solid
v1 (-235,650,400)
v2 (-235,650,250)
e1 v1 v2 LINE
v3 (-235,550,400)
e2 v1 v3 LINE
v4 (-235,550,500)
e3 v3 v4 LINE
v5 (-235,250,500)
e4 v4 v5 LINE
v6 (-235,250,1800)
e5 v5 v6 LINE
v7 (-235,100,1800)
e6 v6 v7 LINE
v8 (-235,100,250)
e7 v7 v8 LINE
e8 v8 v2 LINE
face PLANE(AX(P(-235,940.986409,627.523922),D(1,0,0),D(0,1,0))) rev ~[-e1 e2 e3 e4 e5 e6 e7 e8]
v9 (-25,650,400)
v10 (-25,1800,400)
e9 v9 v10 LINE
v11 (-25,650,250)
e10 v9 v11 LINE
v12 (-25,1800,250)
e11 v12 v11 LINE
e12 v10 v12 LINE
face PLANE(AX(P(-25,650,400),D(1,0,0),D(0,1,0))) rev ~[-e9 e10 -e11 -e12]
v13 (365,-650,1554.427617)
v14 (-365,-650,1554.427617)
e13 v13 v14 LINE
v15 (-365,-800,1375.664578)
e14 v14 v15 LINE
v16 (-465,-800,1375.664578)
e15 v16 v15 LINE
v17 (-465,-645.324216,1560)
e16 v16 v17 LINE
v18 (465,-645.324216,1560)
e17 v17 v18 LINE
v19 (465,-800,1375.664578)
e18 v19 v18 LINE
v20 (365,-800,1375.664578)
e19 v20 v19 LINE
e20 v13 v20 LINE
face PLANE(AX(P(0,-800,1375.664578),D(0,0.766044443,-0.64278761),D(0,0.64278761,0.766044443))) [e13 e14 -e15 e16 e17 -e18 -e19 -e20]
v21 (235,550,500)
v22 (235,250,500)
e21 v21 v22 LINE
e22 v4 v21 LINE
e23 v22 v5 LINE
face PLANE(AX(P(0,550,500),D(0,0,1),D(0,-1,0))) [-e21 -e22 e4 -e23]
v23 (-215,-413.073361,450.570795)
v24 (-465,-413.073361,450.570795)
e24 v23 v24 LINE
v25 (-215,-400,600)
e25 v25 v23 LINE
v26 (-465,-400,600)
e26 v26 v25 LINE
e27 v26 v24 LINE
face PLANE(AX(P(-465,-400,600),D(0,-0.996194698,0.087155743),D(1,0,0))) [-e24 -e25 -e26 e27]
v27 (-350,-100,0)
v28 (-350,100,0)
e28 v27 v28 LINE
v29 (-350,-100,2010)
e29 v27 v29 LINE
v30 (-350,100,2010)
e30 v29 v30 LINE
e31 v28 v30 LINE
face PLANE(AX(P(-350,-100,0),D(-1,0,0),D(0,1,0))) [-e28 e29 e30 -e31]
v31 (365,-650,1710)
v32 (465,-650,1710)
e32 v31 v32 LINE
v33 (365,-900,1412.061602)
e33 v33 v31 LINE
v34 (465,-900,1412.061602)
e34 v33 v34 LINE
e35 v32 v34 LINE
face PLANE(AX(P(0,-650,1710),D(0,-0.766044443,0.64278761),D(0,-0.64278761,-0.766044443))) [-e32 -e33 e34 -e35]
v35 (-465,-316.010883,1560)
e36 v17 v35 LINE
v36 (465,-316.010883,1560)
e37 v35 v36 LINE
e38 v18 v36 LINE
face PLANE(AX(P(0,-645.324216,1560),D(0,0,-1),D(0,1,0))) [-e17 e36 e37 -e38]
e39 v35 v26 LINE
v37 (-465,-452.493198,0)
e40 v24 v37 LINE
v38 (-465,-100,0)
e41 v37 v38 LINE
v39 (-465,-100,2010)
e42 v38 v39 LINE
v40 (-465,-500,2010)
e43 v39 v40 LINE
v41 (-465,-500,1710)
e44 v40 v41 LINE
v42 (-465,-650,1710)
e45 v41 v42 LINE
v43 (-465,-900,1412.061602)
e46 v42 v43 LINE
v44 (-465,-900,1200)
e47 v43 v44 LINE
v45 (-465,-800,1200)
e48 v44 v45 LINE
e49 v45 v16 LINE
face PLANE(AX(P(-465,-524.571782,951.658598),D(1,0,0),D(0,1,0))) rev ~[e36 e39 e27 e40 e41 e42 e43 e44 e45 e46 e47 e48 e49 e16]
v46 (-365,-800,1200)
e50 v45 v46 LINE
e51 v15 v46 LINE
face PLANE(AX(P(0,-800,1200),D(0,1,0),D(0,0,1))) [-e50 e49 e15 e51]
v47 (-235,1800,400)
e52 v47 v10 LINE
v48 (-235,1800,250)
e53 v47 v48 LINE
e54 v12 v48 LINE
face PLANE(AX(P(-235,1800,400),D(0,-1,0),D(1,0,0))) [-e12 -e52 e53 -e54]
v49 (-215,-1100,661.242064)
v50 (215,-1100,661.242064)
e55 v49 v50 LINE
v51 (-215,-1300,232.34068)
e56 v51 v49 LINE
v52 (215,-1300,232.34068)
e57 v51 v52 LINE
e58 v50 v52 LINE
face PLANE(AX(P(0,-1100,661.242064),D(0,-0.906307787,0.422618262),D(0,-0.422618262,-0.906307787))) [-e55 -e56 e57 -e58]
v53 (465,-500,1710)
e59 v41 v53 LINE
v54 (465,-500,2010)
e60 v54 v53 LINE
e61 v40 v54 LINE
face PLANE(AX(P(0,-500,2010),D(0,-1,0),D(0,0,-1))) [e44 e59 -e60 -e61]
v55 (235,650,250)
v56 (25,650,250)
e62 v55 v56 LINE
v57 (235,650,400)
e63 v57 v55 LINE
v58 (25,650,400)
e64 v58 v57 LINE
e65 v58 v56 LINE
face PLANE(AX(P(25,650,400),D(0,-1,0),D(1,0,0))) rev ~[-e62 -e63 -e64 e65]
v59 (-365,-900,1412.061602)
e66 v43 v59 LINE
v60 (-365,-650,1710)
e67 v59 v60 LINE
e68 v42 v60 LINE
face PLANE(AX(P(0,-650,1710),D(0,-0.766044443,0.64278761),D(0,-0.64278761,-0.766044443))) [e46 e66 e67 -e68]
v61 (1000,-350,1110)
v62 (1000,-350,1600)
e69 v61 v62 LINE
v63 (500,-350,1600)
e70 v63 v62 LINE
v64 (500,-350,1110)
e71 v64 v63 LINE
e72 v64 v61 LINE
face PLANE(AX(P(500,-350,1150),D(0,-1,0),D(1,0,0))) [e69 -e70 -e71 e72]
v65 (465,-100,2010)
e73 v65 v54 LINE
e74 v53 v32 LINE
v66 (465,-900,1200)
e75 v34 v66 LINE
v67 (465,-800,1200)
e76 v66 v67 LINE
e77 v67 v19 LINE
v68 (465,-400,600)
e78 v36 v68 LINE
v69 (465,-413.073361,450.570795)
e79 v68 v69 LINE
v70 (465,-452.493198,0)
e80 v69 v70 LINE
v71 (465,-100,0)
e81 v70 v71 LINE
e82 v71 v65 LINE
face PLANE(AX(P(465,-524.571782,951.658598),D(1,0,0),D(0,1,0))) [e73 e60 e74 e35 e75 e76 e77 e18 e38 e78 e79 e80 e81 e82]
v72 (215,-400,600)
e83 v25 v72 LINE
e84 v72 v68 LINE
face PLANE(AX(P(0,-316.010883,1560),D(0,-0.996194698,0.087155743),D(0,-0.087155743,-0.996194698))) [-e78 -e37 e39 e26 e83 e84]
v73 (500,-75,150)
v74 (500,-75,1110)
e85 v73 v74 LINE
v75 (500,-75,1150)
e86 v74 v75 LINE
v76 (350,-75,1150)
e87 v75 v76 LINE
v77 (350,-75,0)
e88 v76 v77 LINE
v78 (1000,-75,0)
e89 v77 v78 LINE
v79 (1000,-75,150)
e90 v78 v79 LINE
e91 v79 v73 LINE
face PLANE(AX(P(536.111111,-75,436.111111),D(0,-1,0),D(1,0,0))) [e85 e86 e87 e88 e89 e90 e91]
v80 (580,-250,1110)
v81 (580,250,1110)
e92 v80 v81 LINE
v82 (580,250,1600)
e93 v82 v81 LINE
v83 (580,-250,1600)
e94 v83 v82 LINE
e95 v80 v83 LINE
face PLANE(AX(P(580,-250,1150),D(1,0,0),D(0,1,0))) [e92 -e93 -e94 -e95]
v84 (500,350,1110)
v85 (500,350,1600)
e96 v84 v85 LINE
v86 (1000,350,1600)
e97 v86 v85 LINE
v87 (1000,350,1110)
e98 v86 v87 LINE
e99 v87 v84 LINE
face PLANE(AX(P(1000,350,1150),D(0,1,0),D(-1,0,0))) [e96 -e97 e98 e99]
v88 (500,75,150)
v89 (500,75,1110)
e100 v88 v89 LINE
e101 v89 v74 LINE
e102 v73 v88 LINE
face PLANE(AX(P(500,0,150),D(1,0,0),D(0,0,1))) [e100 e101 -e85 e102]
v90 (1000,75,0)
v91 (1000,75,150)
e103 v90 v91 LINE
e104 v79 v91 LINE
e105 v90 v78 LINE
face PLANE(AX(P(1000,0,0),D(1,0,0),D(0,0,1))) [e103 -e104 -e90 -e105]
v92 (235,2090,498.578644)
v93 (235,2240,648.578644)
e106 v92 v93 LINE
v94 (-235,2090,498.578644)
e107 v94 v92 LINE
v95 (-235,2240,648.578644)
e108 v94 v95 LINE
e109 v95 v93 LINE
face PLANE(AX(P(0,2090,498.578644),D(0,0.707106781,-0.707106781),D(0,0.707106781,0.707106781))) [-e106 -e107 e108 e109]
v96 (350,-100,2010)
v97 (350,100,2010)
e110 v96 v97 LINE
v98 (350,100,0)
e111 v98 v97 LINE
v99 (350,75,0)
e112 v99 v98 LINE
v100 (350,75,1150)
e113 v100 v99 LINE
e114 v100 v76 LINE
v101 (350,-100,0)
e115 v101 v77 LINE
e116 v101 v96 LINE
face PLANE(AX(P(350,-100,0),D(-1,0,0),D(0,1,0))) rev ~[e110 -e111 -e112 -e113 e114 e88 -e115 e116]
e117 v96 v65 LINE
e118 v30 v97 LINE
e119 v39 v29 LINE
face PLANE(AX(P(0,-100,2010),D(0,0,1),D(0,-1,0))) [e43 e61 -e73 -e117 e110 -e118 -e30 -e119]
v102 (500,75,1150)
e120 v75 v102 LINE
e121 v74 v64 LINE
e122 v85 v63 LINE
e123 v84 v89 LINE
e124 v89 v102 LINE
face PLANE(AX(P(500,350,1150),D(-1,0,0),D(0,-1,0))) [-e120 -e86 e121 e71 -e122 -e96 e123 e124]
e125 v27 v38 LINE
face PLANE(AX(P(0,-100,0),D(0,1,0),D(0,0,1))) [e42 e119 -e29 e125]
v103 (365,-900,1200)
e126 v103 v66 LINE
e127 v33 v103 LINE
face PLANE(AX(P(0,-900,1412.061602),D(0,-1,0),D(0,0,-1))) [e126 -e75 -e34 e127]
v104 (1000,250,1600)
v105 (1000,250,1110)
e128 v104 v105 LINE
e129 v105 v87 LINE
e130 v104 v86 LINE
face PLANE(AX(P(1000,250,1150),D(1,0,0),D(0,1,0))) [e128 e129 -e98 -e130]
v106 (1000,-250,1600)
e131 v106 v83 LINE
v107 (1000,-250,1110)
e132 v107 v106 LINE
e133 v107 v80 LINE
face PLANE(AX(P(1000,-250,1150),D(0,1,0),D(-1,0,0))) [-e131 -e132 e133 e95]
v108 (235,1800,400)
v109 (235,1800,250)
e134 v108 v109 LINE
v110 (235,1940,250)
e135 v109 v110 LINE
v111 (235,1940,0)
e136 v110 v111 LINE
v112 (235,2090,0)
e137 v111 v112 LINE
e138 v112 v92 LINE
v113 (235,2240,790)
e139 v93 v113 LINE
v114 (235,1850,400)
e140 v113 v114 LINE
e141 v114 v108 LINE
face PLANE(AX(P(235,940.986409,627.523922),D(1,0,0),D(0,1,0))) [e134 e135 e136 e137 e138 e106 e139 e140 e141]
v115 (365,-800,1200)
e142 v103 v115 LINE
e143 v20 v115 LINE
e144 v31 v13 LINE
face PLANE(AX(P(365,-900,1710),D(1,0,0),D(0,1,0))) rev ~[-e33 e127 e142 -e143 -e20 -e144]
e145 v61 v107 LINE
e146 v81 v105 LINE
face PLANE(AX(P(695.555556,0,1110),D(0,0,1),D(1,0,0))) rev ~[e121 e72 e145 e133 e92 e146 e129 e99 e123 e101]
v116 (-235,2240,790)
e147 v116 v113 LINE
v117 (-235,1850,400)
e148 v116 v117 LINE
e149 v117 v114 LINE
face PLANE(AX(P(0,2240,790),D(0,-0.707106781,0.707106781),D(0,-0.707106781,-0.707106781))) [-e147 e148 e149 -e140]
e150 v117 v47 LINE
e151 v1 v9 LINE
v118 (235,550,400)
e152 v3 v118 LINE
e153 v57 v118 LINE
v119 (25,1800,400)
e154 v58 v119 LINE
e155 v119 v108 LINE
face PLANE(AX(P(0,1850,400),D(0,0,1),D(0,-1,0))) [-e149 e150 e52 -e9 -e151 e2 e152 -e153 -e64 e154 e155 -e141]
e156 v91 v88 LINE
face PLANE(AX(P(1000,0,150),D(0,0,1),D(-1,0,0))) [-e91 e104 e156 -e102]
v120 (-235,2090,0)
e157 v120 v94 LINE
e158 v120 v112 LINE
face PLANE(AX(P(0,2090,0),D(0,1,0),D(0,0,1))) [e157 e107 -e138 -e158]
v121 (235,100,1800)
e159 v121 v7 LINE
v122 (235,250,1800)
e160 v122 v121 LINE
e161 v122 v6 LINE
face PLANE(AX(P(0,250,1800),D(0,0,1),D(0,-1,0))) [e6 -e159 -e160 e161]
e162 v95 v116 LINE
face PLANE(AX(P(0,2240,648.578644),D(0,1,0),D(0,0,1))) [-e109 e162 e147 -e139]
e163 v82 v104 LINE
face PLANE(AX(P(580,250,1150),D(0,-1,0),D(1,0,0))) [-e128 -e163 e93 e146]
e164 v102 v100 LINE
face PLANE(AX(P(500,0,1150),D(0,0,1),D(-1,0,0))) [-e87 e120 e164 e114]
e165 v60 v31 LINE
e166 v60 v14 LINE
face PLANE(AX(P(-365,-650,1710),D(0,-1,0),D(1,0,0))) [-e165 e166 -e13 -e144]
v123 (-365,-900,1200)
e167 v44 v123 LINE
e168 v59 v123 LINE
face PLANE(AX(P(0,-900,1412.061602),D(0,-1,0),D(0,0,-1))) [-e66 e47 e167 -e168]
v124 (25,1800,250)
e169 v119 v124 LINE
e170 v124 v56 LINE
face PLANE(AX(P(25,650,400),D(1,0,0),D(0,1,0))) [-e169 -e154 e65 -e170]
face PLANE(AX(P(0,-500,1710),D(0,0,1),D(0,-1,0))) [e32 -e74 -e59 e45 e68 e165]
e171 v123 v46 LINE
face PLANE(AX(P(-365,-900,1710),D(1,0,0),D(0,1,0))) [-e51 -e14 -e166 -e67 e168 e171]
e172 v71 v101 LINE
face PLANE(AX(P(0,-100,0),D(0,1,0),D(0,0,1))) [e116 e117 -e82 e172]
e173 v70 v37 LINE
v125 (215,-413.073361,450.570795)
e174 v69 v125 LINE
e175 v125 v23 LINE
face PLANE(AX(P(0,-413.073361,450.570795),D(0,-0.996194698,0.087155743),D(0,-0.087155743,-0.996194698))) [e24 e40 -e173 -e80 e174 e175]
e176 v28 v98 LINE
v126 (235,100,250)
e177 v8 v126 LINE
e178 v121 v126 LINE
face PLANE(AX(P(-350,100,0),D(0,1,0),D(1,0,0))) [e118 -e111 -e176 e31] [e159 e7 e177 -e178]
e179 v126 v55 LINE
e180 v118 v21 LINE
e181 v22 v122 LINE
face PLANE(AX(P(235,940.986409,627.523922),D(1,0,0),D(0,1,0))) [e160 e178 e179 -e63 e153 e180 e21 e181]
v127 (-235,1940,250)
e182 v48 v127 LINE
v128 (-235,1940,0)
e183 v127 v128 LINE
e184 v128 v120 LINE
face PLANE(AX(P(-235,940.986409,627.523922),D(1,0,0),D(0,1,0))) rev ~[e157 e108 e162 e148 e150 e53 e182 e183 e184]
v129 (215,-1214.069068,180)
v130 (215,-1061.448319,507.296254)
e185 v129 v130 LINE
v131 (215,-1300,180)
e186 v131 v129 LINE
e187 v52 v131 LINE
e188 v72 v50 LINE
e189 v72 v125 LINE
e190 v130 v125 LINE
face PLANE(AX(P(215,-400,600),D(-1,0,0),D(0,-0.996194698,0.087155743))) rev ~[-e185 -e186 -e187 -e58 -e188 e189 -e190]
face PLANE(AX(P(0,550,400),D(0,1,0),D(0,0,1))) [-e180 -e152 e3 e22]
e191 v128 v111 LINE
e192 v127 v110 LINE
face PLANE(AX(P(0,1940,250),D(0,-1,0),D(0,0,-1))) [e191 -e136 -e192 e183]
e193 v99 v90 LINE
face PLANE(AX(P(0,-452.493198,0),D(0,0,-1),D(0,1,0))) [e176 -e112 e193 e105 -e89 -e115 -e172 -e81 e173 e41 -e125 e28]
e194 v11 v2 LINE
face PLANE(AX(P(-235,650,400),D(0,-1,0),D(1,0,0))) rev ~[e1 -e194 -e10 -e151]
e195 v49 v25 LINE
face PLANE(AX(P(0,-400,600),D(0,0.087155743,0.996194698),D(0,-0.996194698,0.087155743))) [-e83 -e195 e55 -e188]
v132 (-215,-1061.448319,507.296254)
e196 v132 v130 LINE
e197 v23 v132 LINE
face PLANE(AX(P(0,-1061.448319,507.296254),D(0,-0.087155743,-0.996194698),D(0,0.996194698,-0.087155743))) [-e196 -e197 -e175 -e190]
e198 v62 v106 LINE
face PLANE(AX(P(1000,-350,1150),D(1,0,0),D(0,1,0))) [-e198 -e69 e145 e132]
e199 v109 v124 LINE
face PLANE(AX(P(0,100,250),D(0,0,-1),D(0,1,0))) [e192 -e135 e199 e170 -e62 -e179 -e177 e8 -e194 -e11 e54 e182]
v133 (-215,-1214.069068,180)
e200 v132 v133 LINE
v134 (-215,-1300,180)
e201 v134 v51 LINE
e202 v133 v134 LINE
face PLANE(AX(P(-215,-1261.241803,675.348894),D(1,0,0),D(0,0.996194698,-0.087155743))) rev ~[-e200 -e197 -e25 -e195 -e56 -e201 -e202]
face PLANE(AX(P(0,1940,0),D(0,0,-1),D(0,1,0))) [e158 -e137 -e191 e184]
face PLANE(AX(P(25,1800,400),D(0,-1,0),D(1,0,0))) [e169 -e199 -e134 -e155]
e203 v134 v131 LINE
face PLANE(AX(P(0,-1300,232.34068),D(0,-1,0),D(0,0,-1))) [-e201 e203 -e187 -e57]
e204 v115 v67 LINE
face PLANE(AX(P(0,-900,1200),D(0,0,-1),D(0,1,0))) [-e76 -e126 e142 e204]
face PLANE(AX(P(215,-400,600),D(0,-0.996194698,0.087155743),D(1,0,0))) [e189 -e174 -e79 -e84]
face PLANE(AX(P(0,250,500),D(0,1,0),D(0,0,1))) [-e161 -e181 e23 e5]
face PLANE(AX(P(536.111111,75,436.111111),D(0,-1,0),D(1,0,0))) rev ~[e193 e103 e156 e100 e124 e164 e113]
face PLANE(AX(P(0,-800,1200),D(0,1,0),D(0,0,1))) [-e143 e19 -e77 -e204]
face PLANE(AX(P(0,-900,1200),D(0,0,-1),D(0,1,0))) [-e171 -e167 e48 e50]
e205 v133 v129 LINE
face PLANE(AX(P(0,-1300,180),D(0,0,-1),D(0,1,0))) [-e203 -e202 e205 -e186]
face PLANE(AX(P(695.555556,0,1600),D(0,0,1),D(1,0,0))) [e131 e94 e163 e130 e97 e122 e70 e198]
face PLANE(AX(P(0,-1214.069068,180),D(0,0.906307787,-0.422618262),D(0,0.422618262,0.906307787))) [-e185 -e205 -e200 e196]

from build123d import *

# Parameters (mm, degrees)
F0_W           = 700
F0_H           = 200
F1_DEPTH       = 2010
F3_DEPTH       = 75
F6_DEPTH       = 465
F7_W           = 730
F7_H           = 250
F8_DEPTH       = 510
F10_DEPTH      = 235
F11_DEPTH      = 450
F11_DEPTH_BACK = 40
F12_W          = 250
F12_H          = 702.6738862803
F12_H_2        = 161.8577209214
F13_DEPTH      = 678.928617416
F14_W          = 210
F14_H          = 1150
F15_DEPTH      = 400.001


with BuildPart() as f1:
    # F0 (on Top) → F1 (new body)
    with BuildSketch(Plane.XY):
        Rectangle(F0_W, F0_H)
    extrude(amount=F1_DEPTH)

    # F2 (on Front) → F3 (join, symmetric)
    with BuildSketch(Plane.XZ):
        Polygon((500, 1150), (350, 1150), (350, 0), (1000, 0), (1000, 150), (500, 150), align=None)
    extrude(amount=F3_DEPTH, both=True)

    # F5 (on Right) → F6 (join, symmetric)
    with BuildSketch(Plane.YZ):
        Polygon((-100, 0), (-100, 2010), (-500, 2010), (-500, 1710), (-650, 1710), (-900, 1412.0616018514), (-900, 1200), (-800, 1200), (-800, 1375.6645784248), (-645.3242157434, 1560), (-316.0108830151, 1560), (-400, 600), (-1100, 661.2420644681), (-1300, 232.3406803662), (-1300, 180), (-1214.0690681916, 180), (-1061.4483185813, 507.2962537526), (-413.0733614121, 450.5707952862), (-452.4931981156, 0), align=None)
    extrude(amount=F6_DEPTH, both=True)

    # F7 (on face) → F8 (cut, through all)
    with BuildSketch(Plane.XY.offset(1710)):
        with Locations((0, -775)):
            Rectangle(F7_W, F7_H)
    extrude(amount=-F8_DEPTH, mode=Mode.SUBTRACT)

    # F9 (on Right) → F10 (join, symmetric)
    with BuildSketch(Plane.YZ):
        Polygon((100, 1800), (100, 250), (1940, 250), (1940, 0), (2090, 0), (2090, 498.5786437627), (2240, 648.5786437627), (2240, 790), (1850, 400), (550, 400), (550, 500), (250, 500), (250, 1800), align=None)
    extrude(amount=F10_DEPTH, both=True)

    # F4 (on face) → F11 (join, two sides)
    with BuildSketch(Plane.XY.offset(1150)) as f11_sk:
        Polygon((1000, 350), (500, 350), (500, 75), (500, 0), (500, -75), (500, -350), (1000, -350), (1000, -250), (580, -250), (580, 0), (580, 250), (1000, 250), align=None)
    extrude(amount=F11_DEPTH)
    extrude(f11_sk.sketch, amount=-F11_DEPTH_BACK)

    # F12 (on face) → F13 (cut, up to face)
    with BuildSketch(Plane(origin=(0, 49.0560039025, 560.7126903703), x_dir=(1, 0, 0), z_dir=(0, 0.0871557427, 0.9961946981))):
        with Locations((-340, -802.1082680255)):
            Rectangle(F12_W, F12_H)
        with Locations((-340, -1234.3740716264)):
            Rectangle(F12_W, F12_H_2)
        with Locations((340, -802.1082680255)):
            Rectangle(F12_W, F12_H)
        with Locations((340, -1234.3740716264)):
            Rectangle(F12_W, F12_H_2)
    extrude(amount=-F13_DEPTH, mode=Mode.SUBTRACT)

    # F14 (on face) → F15 (cut, through all)
    with BuildSketch(Plane.XY.offset(400)):
        with Locations((-130, 1225)):
            Rectangle(F14_W, F14_H)
        with Locations((130, 1225)):
            Rectangle(F14_W, F14_H)
    extrude(amount=-F15_DEPTH, mode=Mode.SUBTRACT)


solid = f1.part
